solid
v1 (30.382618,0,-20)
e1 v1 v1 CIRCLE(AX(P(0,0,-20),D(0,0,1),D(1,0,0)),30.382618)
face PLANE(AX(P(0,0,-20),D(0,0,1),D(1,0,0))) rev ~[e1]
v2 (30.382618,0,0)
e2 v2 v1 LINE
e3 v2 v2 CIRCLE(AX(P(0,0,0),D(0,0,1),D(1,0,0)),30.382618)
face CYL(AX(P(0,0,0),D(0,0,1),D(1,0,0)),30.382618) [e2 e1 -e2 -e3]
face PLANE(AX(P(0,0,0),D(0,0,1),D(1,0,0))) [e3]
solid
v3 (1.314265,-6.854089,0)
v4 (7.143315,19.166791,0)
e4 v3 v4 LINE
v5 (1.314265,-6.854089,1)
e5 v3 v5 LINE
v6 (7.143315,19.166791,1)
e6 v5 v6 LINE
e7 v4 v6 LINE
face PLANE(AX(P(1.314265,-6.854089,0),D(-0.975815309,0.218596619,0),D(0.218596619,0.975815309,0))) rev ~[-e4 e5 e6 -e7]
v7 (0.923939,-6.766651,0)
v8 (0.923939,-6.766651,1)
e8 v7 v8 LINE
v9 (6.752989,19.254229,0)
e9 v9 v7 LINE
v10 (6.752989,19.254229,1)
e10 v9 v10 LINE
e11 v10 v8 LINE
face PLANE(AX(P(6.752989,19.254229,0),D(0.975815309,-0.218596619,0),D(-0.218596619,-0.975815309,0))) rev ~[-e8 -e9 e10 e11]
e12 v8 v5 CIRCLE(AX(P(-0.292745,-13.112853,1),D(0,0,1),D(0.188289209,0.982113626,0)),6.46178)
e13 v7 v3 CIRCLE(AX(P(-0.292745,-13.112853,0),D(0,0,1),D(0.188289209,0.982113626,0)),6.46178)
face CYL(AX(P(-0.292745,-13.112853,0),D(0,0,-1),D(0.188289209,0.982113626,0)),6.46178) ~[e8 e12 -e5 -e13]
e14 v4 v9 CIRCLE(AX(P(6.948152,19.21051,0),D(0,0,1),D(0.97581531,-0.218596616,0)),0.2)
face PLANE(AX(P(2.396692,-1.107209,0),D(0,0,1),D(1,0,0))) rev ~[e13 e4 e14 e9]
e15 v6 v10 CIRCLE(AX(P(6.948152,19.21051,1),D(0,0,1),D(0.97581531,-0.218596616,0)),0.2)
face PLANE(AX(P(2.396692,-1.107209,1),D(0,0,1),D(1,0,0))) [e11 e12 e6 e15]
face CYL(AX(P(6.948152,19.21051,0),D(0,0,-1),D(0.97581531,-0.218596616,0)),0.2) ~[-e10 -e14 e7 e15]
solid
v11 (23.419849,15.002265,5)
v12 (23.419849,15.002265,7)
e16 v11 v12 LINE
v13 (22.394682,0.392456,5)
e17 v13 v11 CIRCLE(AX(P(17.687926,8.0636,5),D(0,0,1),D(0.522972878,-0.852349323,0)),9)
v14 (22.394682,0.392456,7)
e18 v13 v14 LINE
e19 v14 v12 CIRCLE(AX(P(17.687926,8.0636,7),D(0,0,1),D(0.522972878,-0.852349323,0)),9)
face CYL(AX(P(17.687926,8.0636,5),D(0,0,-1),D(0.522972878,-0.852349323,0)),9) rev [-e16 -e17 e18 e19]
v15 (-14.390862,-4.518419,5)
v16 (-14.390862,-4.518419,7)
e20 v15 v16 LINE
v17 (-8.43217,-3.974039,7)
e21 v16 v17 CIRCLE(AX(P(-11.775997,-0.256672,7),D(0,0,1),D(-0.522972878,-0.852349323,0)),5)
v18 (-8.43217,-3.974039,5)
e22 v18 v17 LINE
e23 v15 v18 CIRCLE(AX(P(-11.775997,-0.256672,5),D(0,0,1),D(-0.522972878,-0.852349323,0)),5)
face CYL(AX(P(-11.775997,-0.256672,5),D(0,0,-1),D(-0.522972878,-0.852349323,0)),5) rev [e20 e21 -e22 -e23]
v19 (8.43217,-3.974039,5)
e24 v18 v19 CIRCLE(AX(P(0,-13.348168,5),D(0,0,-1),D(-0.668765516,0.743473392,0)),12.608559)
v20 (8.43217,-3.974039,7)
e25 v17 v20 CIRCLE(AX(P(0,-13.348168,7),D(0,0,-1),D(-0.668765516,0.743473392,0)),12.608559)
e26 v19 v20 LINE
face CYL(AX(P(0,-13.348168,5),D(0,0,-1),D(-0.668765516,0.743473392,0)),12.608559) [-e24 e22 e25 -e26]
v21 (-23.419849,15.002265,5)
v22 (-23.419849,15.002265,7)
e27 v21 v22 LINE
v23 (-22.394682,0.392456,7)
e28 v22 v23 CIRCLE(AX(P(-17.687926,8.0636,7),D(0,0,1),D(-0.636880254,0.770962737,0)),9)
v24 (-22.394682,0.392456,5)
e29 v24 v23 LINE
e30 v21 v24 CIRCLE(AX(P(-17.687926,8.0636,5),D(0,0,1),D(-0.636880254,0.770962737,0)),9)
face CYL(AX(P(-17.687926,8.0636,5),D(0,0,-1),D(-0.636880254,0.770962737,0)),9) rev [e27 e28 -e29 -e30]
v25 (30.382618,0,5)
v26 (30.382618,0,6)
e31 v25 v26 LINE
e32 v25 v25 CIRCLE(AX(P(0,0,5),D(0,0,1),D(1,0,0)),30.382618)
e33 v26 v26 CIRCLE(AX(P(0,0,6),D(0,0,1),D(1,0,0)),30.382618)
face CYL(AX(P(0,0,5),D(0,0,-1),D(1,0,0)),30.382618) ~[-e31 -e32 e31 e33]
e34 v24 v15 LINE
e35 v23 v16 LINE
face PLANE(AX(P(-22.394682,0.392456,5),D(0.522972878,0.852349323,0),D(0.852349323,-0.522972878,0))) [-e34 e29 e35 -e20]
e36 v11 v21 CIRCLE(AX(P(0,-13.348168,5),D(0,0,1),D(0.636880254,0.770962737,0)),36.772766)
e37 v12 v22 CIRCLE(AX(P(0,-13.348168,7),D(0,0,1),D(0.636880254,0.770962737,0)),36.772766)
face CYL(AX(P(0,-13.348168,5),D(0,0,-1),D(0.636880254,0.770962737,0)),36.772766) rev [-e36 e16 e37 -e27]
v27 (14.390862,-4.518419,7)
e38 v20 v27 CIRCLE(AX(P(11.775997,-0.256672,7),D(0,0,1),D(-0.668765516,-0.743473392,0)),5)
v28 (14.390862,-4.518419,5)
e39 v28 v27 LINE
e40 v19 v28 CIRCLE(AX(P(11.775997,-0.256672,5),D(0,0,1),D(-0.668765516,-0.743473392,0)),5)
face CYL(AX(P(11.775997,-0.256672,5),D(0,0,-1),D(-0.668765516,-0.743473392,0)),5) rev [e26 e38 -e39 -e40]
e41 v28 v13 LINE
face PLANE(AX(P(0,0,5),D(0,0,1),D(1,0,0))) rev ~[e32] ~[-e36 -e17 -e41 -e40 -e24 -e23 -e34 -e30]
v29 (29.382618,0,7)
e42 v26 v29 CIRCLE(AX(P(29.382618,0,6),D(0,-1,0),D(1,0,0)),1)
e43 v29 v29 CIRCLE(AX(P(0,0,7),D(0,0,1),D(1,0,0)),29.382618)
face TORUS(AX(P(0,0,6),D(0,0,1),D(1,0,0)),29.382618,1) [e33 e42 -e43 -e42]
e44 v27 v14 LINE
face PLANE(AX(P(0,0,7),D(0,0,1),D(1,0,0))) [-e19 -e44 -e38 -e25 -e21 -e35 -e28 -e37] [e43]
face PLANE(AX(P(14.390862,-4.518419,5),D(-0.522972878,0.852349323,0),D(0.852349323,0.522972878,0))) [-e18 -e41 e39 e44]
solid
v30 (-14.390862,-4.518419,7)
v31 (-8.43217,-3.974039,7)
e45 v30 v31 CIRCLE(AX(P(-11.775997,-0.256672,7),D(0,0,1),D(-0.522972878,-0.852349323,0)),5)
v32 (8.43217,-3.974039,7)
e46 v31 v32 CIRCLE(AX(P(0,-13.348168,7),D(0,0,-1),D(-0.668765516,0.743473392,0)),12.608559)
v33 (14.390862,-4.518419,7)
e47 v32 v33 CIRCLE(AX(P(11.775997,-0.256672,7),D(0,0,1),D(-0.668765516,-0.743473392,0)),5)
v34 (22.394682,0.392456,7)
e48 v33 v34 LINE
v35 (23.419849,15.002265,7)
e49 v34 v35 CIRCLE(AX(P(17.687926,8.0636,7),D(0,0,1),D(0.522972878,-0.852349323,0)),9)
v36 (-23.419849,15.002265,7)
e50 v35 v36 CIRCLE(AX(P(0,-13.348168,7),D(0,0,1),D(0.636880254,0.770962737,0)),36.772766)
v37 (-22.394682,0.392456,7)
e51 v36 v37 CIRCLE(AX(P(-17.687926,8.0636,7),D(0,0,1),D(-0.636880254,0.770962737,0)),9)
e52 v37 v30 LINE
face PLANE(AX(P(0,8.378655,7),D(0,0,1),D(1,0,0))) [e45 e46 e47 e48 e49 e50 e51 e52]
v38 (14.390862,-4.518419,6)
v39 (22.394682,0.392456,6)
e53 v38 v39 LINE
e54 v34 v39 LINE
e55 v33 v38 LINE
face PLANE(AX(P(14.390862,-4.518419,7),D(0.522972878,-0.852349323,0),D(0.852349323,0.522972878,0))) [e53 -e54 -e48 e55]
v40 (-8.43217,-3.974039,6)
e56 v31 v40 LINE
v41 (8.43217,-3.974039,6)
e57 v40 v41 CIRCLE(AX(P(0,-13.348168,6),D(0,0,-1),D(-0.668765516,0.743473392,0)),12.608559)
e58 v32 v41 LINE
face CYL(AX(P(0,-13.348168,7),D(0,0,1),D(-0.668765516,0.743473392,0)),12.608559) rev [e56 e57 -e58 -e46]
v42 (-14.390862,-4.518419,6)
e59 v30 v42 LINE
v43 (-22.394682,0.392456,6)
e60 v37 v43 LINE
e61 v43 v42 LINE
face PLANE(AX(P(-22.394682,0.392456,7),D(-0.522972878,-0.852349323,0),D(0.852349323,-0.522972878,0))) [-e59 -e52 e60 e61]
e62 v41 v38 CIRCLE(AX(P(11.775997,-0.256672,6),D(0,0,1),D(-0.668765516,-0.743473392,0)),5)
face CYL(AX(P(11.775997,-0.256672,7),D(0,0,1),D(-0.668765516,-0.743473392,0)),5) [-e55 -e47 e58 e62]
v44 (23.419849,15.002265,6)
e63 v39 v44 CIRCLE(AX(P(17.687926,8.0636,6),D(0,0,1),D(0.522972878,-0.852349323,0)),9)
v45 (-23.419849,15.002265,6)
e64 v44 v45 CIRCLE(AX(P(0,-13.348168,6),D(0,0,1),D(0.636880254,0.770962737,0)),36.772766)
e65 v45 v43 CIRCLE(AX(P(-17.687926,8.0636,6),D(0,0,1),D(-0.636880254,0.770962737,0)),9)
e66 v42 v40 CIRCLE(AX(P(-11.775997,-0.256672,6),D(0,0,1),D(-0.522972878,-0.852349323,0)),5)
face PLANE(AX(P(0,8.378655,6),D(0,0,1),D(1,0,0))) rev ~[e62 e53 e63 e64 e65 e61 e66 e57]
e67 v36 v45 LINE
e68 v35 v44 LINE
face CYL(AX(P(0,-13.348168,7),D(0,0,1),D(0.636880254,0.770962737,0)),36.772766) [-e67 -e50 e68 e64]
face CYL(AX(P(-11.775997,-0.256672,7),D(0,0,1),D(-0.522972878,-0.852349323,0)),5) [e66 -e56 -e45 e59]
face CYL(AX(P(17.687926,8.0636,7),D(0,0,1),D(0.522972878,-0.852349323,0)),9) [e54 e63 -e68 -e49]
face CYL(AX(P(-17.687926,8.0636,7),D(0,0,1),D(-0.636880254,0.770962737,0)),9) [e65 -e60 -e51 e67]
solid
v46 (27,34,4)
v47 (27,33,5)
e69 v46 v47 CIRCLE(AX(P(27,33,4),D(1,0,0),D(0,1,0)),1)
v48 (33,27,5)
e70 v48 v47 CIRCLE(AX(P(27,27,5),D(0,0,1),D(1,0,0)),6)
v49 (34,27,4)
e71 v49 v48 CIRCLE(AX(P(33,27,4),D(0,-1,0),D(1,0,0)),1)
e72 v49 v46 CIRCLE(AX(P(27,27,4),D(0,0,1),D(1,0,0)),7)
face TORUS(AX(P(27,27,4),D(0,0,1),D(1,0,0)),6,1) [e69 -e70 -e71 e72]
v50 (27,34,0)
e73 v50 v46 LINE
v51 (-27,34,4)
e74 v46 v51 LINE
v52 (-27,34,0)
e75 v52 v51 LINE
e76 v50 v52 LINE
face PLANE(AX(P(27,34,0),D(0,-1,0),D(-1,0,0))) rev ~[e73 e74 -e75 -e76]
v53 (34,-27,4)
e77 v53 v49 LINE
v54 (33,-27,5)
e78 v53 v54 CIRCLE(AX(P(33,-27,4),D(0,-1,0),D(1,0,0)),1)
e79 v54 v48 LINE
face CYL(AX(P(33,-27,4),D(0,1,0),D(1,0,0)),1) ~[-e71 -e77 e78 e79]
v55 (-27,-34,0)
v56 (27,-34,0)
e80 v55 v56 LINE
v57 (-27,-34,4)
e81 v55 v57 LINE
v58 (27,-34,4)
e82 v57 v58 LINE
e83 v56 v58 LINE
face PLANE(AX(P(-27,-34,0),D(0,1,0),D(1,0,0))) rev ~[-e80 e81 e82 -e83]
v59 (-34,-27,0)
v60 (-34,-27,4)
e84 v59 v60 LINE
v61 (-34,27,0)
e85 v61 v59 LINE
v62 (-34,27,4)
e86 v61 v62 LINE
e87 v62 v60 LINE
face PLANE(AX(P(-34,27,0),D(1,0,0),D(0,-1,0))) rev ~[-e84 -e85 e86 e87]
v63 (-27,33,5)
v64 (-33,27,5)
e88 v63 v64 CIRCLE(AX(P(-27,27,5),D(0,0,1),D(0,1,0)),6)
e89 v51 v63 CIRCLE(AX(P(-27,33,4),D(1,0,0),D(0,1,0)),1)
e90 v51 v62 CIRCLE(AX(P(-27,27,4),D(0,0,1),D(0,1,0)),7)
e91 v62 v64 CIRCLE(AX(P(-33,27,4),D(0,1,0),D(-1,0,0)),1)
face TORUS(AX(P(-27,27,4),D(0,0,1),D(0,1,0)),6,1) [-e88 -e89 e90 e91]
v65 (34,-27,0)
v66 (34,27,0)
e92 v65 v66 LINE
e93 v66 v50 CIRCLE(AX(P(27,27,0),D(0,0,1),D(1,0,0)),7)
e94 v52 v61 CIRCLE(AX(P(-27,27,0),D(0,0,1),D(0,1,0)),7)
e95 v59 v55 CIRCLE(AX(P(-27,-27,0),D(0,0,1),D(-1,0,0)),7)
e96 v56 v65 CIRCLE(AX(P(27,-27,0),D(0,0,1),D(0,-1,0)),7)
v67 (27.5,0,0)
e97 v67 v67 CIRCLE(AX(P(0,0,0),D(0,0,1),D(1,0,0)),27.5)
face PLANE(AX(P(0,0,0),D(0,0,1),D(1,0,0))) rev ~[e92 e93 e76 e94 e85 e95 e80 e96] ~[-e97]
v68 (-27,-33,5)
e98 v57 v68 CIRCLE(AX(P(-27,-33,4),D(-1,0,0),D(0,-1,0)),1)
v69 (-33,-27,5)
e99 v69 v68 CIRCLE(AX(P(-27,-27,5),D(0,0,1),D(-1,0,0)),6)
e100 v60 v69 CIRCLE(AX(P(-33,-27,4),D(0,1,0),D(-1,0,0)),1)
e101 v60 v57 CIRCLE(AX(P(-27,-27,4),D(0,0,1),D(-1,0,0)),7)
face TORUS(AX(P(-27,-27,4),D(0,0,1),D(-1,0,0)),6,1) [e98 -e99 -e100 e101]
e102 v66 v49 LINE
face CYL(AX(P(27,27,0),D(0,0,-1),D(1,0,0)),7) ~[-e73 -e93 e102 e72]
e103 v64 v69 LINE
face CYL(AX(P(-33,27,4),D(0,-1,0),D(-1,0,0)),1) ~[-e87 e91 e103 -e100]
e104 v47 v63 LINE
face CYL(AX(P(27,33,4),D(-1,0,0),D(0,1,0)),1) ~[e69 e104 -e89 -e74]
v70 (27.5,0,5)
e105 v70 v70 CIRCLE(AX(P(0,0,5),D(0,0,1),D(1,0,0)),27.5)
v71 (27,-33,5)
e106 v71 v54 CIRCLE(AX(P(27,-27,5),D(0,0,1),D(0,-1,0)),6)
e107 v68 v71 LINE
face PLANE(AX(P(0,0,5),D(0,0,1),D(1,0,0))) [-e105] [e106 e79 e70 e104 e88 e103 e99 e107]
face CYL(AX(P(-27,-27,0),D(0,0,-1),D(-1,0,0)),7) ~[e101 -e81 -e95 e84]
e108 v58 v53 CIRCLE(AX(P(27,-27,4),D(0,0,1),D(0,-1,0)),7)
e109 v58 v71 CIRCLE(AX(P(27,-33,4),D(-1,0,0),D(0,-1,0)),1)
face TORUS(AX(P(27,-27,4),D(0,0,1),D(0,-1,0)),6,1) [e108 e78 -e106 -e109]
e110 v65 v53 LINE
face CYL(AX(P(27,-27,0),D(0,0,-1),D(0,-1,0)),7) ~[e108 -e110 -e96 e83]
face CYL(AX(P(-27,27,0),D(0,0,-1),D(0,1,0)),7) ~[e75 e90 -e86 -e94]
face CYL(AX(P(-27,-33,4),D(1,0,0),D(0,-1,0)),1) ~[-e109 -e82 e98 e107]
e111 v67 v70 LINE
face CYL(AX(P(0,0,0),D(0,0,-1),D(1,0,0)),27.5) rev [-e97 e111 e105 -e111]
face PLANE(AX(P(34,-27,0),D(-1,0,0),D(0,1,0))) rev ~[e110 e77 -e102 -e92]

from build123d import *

# Parameters (mm, degrees)
SKETCH1_R           = 30.382618143
BOSS_EXTRUDE1_DEPTH = 20
SKETCH2_R           = 27.5
BOSS_EXTRUDE2_DEPTH = 5
SKETCH3_R           = 30.382618143
BOSS_EXTRUDE3_DEPTH = 2
BOSS_EXTRUDE4_DEPTH = 1
BOSS_EXTRUDE5_DEPTH = 1
FILLET1_R           = 1
FILLET2_R           = 1


with BuildPart() as part:
    # Sketch1 → Boss-Extrude1 (new body)
    with BuildSketch(Plane.XY):
        Circle(SKETCH1_R)
    extrude(amount=-BOSS_EXTRUDE1_DEPTH)


with BuildPart() as body_2:
    # Sketch2 → Boss-Extrude2 (new body)
    with BuildSketch(Plane.XY):
        with BuildLine():
            Line((-27, -34), (27, -34))
            ThreePointArc((27, -34), (31.949747468, -31.949747468), (34, -27))
            Line((34, -27), (34, 27))
            ThreePointArc((34, 27), (31.949747468, 31.949747468), (27, 34))
            Line((27, 34), (-27, 34))
            ThreePointArc((-27, 34), (-31.949747468, 31.949747468), (-34, 27))
            Line((-34, 27), (-34, -27))
            ThreePointArc((-34, -27), (-31.949747468, -31.949747468), (-27, -34))
        make_face()
        Circle(SKETCH2_R, mode=Mode.SUBTRACT)
    extrude(amount=BOSS_EXTRUDE2_DEPTH)

    # Fillet2
    fillet2_edges = [body_2.edges().sort_by_distance(p)[0] for p in [
        (-31.949747468, -31.949747468, 5),
        (0, -34, 5),
        (31.949747468, -31.949747468, 5),
        (34, 0, 5),
        (31.949747468, 31.949747468, 5),
        (0, 34, 5),
        (-31.949747468, 31.949747468, 5),
        (-34, 0, 5),
    ]]
    fillet(fillet2_edges, radius=FILLET2_R)


with BuildPart() as body_3:
    # Sketch3 → Boss-Extrude3 (new body)
    with BuildSketch(Plane.XY.offset(5)):
        Circle(SKETCH3_R)
        with BuildLine():
            Line((14.390861658, -4.518418841), (22.394682178, 0.392456244))
            ThreePointArc((22.394682178, 0.392456244), (26.6658507, 7.433621582), (23.419848559, 15.002264787))
            ThreePointArc((23.419848559, 15.002264787), (0, 23.42459846), (-23.419848559, 15.002264787))
            ThreePointArc((-23.419848559, 15.002264787), (-26.6658507, 7.433621582), (-22.394682178, 0.392456244))
            Line((-22.394682178, 0.392456244), (-14.390861658, -4.518418841))
            ThreePointArc((-14.390861658, -4.518418841), (-11.321097129, -5.235935812), (-8.432169686, -3.974039186))
            ThreePointArc((-8.432169686, -3.974039186), (0, -0.739608229), (8.432169686, -3.974039186))
            ThreePointArc((8.432169686, -3.974039186), (11.321097129, -5.235935812), (14.390861658, -4.518418841))
        make_face(mode=Mode.SUBTRACT)
    extrude(amount=BOSS_EXTRUDE3_DEPTH)

    # Fillet1
    fillet1_edges = [body_3.edges().sort_by_distance(p)[0] for p in [
        (-30.382618143, 0, 7),
    ]]
    fillet(fillet1_edges, radius=FILLET1_R)


with BuildPart() as body_4:
    # Sketch4 → Boss-Extrude4 (new body)
    with BuildSketch(Plane.XY):
        with BuildLine():
            Line((1.314265004, -6.854089459), (7.143315201, 19.166790622))
            ThreePointArc((7.143315201, 19.166790622), (6.991871463, 19.405673007), (6.752989077, 19.254229269))
            Line((6.752989077, 19.254229269), (0.92393888, -6.766650812))
            ThreePointArc((0.92393888, -6.766650812), (-1.705267873, -19.418356989), (1.314265004, -6.854089459))
        make_face()
    extrude(amount=BOSS_EXTRUDE4_DEPTH)


with BuildPart() as body_5:
    # Sketch5 → Boss-Extrude5 (new body)
    with BuildSketch(Plane.XY.offset(7)):
        with BuildLine():
            Line((14.390861658, -4.518418841), (22.394682178, 0.392456244))
            ThreePointArc((22.394682178, 0.392456244), (26.6658507, 7.433621582), (23.419848559, 15.002264787))
            ThreePointArc((23.419848559, 15.002264787), (0, 23.42459846), (-23.419848559, 15.002264787))
            ThreePointArc((-23.419848559, 15.002264787), (-26.6658507, 7.433621582), (-22.394682178, 0.392456244))
            Line((-22.394682178, 0.392456244), (-14.390861658, -4.518418841))
            ThreePointArc((-14.390861658, -4.518418841), (-11.321097129, -5.235935812), (-8.432169686, -3.974039186))
            ThreePointArc((-8.432169686, -3.974039186), (0, -0.739608229), (8.432169686, -3.974039186))
            ThreePointArc((8.432169686, -3.974039186), (11.321097129, -5.235935812), (14.390861658, -4.518418841))
        make_face()
    extrude(amount=-BOSS_EXTRUDE5_DEPTH)


solid = Compound([part.part, body_2.part, body_3.part, body_4.part, body_5.part])
